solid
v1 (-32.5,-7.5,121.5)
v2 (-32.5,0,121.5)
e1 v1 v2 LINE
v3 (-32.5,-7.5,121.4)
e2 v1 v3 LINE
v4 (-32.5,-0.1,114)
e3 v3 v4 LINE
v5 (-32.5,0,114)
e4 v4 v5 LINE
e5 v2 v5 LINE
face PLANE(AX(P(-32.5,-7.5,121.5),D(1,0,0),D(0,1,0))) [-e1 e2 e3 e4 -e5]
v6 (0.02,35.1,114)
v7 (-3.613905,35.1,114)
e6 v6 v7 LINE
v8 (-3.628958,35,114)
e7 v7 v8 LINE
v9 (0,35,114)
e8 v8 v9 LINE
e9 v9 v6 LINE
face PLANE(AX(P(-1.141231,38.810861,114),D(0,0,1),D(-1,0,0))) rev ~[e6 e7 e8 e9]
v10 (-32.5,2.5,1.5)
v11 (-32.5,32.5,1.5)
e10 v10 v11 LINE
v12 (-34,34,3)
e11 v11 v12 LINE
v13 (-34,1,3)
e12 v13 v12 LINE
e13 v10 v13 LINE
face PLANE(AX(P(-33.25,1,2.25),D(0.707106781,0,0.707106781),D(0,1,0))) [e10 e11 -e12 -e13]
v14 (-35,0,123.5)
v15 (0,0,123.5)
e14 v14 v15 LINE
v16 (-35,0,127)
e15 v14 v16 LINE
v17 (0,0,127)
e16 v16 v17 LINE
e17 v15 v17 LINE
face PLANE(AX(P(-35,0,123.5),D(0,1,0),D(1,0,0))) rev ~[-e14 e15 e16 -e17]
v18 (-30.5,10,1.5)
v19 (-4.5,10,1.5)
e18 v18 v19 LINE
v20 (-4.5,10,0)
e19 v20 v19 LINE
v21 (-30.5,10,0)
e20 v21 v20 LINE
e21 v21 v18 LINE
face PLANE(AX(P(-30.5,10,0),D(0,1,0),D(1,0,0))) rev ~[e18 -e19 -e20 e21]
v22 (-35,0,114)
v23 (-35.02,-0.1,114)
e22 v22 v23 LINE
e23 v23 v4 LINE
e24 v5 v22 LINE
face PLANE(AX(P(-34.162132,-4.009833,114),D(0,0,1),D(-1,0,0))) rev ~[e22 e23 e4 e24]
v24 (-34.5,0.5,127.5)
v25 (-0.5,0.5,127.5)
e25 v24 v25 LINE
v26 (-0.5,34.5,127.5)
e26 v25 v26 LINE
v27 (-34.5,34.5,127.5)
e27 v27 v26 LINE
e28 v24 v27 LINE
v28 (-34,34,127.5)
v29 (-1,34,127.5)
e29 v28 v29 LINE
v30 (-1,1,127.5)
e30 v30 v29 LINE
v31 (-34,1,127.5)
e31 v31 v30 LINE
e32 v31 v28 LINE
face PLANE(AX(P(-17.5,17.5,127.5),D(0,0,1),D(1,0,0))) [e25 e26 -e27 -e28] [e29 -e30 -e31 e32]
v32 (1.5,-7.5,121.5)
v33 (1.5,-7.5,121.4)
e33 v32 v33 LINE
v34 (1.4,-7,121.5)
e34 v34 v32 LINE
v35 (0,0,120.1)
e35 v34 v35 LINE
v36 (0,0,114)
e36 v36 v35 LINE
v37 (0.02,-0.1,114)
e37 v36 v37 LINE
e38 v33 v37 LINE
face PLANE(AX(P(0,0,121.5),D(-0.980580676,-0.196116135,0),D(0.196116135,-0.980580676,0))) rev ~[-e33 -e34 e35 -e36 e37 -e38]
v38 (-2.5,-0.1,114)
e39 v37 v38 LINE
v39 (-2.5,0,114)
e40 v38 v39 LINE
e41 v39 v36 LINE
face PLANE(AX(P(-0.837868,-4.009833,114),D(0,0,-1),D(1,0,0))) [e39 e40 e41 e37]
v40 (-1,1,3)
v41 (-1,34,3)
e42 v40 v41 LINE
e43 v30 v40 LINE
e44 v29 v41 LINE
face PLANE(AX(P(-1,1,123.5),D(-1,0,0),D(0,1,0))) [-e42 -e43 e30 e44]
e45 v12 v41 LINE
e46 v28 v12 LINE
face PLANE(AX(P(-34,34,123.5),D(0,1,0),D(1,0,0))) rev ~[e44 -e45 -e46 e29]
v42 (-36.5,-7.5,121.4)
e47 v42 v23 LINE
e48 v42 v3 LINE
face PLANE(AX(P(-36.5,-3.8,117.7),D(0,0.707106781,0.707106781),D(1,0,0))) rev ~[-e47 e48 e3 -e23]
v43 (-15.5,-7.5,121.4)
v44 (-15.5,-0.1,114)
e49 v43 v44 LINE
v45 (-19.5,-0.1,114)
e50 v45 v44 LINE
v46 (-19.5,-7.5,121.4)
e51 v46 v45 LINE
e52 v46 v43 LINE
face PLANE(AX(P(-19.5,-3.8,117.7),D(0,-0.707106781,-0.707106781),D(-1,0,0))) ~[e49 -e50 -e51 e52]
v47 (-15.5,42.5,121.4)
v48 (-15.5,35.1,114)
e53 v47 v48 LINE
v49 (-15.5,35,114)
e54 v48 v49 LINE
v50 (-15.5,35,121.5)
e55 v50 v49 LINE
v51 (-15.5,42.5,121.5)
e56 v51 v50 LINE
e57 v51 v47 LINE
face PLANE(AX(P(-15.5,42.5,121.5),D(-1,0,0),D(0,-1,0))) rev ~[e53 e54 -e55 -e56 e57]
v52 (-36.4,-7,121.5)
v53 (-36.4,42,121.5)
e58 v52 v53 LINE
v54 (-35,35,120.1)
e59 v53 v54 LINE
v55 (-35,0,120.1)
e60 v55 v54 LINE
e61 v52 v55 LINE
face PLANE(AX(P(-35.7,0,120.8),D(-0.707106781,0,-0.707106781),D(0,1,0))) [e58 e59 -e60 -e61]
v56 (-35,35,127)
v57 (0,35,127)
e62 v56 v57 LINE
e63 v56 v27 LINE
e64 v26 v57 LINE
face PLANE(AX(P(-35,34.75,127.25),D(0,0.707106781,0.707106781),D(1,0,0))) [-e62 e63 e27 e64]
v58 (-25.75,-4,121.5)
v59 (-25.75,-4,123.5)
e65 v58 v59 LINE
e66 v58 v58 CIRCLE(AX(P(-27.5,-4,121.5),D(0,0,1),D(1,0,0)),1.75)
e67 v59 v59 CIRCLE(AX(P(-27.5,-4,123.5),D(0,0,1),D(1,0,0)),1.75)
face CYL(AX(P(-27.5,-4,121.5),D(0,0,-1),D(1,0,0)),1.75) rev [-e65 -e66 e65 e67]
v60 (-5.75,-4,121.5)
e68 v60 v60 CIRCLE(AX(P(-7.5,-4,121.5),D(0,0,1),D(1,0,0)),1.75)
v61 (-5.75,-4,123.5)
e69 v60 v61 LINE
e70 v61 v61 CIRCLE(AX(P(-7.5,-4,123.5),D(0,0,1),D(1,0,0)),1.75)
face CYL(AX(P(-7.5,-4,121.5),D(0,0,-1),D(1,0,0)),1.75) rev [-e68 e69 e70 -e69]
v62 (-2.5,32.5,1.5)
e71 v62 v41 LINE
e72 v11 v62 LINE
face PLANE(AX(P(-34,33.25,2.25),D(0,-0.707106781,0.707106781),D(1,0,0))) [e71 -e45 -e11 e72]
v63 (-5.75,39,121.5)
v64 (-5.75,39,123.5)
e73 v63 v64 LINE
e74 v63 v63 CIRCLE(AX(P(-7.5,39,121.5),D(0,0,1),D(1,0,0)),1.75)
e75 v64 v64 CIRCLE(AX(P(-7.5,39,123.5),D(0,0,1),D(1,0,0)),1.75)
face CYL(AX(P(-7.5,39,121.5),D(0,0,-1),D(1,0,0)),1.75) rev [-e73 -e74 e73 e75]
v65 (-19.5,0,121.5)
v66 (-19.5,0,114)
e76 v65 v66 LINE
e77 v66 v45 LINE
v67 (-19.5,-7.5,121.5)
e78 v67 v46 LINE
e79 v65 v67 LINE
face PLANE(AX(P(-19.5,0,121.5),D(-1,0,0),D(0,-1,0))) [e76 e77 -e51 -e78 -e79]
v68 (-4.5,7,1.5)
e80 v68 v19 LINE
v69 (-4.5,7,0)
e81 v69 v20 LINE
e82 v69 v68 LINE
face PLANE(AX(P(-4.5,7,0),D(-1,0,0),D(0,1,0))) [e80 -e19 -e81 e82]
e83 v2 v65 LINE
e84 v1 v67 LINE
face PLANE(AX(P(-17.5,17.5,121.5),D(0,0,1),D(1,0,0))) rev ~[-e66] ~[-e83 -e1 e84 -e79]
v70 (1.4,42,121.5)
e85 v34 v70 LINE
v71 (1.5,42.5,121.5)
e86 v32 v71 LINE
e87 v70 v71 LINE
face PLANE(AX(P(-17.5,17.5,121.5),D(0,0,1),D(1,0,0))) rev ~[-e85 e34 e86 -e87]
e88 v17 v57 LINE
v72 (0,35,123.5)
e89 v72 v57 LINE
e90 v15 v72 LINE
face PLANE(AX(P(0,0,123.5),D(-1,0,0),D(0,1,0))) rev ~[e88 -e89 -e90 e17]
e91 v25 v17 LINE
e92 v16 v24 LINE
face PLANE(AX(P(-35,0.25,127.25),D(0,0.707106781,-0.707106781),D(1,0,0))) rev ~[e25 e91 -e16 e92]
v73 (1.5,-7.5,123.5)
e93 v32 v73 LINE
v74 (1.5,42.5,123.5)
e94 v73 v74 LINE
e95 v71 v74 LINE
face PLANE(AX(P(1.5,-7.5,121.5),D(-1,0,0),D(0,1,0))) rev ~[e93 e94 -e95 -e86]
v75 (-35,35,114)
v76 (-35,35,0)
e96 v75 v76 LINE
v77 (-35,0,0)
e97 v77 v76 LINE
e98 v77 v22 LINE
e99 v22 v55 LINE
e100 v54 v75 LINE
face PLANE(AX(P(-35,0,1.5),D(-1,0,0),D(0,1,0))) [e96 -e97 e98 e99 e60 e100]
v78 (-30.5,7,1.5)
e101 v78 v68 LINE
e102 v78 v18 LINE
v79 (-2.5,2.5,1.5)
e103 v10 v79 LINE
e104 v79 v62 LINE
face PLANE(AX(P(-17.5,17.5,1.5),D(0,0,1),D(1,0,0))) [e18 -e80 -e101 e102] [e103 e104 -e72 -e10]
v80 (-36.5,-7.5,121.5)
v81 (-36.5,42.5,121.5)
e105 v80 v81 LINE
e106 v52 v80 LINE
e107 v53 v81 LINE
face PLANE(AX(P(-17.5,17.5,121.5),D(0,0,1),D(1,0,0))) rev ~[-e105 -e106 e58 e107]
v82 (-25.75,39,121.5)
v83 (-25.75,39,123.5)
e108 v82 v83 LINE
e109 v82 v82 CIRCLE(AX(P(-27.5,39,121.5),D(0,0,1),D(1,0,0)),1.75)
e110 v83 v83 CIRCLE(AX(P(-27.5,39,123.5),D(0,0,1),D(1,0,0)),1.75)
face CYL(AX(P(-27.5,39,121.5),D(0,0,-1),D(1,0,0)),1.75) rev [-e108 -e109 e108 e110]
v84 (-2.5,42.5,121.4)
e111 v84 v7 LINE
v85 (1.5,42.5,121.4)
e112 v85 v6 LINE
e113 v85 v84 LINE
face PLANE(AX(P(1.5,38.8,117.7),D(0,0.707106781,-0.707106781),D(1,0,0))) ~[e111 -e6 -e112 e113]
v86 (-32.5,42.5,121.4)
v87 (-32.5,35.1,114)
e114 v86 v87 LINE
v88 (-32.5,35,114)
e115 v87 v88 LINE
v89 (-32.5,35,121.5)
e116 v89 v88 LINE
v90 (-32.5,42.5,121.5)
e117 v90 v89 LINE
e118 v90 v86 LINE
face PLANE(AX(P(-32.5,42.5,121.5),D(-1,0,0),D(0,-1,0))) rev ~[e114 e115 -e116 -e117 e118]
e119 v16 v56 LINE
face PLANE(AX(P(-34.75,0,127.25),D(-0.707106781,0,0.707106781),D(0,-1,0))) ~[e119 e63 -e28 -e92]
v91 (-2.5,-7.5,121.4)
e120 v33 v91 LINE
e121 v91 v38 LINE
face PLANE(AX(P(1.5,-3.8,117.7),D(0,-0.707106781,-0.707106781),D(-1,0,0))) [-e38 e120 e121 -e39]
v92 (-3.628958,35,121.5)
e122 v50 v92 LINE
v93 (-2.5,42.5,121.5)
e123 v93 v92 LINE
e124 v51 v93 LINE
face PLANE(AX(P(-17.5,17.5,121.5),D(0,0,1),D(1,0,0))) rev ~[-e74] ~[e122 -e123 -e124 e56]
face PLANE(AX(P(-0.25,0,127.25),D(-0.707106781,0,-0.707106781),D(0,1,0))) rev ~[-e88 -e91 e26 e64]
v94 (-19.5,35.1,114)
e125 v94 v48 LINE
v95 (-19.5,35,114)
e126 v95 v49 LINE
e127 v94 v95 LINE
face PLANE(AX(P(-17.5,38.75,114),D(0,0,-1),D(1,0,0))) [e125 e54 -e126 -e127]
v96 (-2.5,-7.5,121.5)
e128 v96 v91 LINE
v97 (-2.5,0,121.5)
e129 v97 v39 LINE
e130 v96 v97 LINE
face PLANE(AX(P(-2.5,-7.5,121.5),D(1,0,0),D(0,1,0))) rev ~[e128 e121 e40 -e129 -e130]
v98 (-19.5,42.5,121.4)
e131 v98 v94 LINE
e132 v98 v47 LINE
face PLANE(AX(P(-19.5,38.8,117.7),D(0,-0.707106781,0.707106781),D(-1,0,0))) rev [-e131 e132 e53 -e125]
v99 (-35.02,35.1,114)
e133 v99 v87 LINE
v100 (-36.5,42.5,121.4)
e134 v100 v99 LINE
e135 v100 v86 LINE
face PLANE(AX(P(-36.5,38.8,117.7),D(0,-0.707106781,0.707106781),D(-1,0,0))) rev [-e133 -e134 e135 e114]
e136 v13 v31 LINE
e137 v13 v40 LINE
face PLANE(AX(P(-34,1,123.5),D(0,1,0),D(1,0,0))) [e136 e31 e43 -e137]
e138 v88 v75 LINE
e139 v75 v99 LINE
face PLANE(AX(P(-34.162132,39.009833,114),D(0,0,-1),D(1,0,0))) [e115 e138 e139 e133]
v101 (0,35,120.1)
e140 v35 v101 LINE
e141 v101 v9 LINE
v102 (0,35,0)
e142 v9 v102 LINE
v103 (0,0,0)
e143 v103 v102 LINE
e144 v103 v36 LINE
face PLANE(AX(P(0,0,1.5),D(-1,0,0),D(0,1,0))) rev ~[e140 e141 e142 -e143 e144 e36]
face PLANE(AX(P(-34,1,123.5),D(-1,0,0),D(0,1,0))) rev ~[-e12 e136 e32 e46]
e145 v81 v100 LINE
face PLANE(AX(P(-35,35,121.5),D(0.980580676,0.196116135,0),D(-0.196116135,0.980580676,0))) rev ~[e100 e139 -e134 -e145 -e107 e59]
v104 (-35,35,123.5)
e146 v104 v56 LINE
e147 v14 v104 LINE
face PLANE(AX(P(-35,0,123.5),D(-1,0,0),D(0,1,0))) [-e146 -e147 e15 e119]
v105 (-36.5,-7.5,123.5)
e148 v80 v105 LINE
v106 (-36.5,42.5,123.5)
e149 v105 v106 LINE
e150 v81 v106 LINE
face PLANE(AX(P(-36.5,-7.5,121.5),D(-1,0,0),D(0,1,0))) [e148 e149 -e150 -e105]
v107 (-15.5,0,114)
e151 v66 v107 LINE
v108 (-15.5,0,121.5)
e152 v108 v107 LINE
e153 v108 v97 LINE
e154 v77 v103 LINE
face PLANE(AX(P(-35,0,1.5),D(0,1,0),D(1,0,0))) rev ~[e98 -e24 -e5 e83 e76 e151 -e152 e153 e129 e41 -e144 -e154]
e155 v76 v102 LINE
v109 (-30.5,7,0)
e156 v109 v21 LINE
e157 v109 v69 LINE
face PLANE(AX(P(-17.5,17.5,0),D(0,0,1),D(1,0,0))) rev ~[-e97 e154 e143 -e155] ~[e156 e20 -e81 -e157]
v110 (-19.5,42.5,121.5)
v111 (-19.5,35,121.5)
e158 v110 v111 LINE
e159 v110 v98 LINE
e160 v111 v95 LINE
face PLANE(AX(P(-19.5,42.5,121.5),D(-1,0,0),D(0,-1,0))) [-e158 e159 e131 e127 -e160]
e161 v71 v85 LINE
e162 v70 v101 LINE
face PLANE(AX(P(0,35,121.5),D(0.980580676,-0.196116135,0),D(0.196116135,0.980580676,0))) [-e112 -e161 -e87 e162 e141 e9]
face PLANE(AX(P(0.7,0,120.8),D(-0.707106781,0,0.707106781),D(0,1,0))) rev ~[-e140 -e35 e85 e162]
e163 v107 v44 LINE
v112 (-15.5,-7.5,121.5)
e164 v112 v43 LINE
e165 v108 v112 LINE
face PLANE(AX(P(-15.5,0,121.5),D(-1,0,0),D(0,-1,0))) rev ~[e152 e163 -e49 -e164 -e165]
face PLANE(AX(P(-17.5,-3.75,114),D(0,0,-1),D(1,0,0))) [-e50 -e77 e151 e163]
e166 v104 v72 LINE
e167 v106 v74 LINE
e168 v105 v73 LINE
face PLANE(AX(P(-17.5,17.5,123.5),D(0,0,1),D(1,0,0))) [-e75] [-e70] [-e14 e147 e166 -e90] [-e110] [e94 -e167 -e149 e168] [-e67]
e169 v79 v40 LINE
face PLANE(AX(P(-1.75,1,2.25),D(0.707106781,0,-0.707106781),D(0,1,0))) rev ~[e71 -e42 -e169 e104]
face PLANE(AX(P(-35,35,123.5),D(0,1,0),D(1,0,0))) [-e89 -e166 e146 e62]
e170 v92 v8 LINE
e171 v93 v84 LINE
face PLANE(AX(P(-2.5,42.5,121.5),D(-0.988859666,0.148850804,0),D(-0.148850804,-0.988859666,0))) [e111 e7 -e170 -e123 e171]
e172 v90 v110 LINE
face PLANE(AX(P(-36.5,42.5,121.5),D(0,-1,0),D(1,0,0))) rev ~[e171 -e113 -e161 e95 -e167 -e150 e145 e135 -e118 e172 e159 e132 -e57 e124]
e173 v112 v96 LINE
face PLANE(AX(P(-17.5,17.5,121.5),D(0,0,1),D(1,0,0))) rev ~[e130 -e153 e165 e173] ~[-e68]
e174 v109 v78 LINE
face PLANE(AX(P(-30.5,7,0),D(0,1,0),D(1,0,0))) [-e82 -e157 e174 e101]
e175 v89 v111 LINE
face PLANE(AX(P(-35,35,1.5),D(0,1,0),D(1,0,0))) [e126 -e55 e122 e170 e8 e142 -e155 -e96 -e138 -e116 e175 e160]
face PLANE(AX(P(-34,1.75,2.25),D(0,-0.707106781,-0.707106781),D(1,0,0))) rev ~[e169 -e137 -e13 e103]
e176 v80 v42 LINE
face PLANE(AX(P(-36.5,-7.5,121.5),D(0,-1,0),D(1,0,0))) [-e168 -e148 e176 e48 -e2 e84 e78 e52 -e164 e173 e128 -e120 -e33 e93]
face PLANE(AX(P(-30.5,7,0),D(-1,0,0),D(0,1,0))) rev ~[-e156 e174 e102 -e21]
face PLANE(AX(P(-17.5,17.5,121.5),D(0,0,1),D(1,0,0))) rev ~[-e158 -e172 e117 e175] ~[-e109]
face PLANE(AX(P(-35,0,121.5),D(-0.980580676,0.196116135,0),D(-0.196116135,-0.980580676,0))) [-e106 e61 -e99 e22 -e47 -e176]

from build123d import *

# Parameters (mm, degrees)
SKETCH_W        = 35
SKETCH_H        = 35
SKETCH_W_2      = 26
SKETCH_H_2      = 3
PAD_DEPTH       = 1.5
SKETCH001_W     = 35
SKETCH001_H     = 35
SKETCH001_W_2   = 33
SKETCH001_H_2   = 33
PAD001_DEPTH    = 120
CHAMFER_SIZE    = 1.5
SKETCH002_W     = 38
SKETCH002_H     = 50
SKETCH002_R     = 1.75
SKETCH002_W_2   = 33
SKETCH002_H_2   = 33
PAD002_DEPTH    = 2
SKETCH003_W     = 35
SKETCH003_H     = 35
SKETCH003_W_2   = 33
SKETCH003_H_2   = 33
PAD003_DEPTH    = 4
CHAMFER001_SIZE = 0.5
SKETCH004_W     = 4
SKETCH004_H     = 7.5
PAD004_DEPTH    = 7.5
CHAMFER002_SIZE = 7.4
CHAMFER003_SIZE = 1.4


with BuildPart() as part:
    # Sketch → Pad (new body)
    with BuildSketch(Plane.XY):
        with Locations((-17.5, 17.5)):
            Rectangle(SKETCH_W, SKETCH_H)
        with Locations((-17.5, 8.5)):
            Rectangle(SKETCH_W_2, SKETCH_H_2, mode=Mode.SUBTRACT)
    extrude(amount=PAD_DEPTH)

    # Sketch001 (on Face10 of Pad) → Pad001 (join)
    with BuildSketch(Plane.XY.offset(1.5)):
        with Locations((-17.5, 17.5)):
            Rectangle(SKETCH001_W, SKETCH001_H)
        with Locations((-17.5, 17.5)):
            Rectangle(SKETCH001_W_2, SKETCH001_H_2, mode=Mode.SUBTRACT)
    extrude(amount=PAD001_DEPTH)

    # Chamfer
    chamfer_edges = [part.edges().sort_by_distance(p)[0] for p in [
        (-17.5, 1, 1.5),
        (-34, 17.5, 1.5),
        (-1, 17.5, 1.5),
        (-17.5, 34, 1.5),
    ]]
    chamfer(chamfer_edges, length=CHAMFER_SIZE)

    # Sketch002 (on Face15 of Chamfer) → Pad002 (join)
    with BuildSketch(Plane.XY.offset(121.5)):
        with Locations((-17.5, 17.5)):
            Rectangle(SKETCH002_W, SKETCH002_H)
        with Locations((-27.5, -4)):
            Circle(SKETCH002_R, mode=Mode.SUBTRACT)
        with Locations((-7.5, -4)):
            Circle(SKETCH002_R, mode=Mode.SUBTRACT)
        with Locations((-27.5, 39)):
            Circle(SKETCH002_R, mode=Mode.SUBTRACT)
        with Locations((-7.5, 39)):
            Circle(SKETCH002_R, mode=Mode.SUBTRACT)
        with Locations((-17.5, 17.5)):
            Rectangle(SKETCH002_W_2, SKETCH002_H_2, mode=Mode.SUBTRACT)
    extrude(amount=PAD002_DEPTH)

    # Sketch003 (on Face17 of Pad002) → Pad003 (join)
    with BuildSketch(Plane.XY.offset(123.5)):
        with Locations((-17.5, 17.5)):
            Rectangle(SKETCH003_W, SKETCH003_H)
        with Locations((-17.5, 17.5)):
            Rectangle(SKETCH003_W_2, SKETCH003_H_2, mode=Mode.SUBTRACT)
    extrude(amount=PAD003_DEPTH)

    # Chamfer001
    chamfer001_edges = [part.edges().sort_by_distance(p)[0] for p in [
        (-35, 17.5, 127.5),
        (-17.5, 0, 127.5),
        (-17.5, 35, 127.5),
        (0, 17.5, 127.5),
    ]]
    chamfer(chamfer001_edges, length=CHAMFER001_SIZE)

    # Sketch004 (on Face32 of Chamfer001) → Pad004 (join)
    with BuildSketch(Plane(origin=(0, 0, 121.5), x_dir=(1, 0, 0), z_dir=(0, 0, -1))):
        Polygon((-35, 0), (-36.5, 7.5), (-32.5, 7.5), (-32.5, 0), align=None)
        Polygon((0, 0), (1.5, 7.5), (-2.5, 7.5), (-2.5, 0), align=None)
        with Locations((-17.5, 3.75)):
            Rectangle(SKETCH004_W, SKETCH004_H)
        Polygon((-35, -35), (-36.5, -42.5), (-32.5, -42.5), (-32.5, -35), align=None)
        Polygon((0, -35), (1.5, -42.5), (-2.5, -42.5), (-3.628958, -35), align=None)
        with Locations((-17.5, -38.75)):
            Rectangle(SKETCH004_W, SKETCH004_H)
    extrude(amount=PAD004_DEPTH)

    # Chamfer002
    chamfer002_edges = [part.edges().sort_by_distance(p)[0] for p in [
        (-34.5, -7.5, 114),
        (-17.5, -7.5, 114),
        (-0.5, -7.5, 114),
        (-34.5, 42.5, 114),
        (-17.5, 42.5, 114),
        (-0.5, 42.5, 114),
    ]]
    chamfer(chamfer002_edges, length=CHAMFER002_SIZE)

    # Chamfer003
    chamfer003_edges = [part.edges().sort_by_distance(p)[0] for p in [
        (-35, 17.5, 121.5),
        (0, 17.5, 121.5),
    ]]
    chamfer(chamfer003_edges, length=CHAMFER003_SIZE)


solid = part.part
